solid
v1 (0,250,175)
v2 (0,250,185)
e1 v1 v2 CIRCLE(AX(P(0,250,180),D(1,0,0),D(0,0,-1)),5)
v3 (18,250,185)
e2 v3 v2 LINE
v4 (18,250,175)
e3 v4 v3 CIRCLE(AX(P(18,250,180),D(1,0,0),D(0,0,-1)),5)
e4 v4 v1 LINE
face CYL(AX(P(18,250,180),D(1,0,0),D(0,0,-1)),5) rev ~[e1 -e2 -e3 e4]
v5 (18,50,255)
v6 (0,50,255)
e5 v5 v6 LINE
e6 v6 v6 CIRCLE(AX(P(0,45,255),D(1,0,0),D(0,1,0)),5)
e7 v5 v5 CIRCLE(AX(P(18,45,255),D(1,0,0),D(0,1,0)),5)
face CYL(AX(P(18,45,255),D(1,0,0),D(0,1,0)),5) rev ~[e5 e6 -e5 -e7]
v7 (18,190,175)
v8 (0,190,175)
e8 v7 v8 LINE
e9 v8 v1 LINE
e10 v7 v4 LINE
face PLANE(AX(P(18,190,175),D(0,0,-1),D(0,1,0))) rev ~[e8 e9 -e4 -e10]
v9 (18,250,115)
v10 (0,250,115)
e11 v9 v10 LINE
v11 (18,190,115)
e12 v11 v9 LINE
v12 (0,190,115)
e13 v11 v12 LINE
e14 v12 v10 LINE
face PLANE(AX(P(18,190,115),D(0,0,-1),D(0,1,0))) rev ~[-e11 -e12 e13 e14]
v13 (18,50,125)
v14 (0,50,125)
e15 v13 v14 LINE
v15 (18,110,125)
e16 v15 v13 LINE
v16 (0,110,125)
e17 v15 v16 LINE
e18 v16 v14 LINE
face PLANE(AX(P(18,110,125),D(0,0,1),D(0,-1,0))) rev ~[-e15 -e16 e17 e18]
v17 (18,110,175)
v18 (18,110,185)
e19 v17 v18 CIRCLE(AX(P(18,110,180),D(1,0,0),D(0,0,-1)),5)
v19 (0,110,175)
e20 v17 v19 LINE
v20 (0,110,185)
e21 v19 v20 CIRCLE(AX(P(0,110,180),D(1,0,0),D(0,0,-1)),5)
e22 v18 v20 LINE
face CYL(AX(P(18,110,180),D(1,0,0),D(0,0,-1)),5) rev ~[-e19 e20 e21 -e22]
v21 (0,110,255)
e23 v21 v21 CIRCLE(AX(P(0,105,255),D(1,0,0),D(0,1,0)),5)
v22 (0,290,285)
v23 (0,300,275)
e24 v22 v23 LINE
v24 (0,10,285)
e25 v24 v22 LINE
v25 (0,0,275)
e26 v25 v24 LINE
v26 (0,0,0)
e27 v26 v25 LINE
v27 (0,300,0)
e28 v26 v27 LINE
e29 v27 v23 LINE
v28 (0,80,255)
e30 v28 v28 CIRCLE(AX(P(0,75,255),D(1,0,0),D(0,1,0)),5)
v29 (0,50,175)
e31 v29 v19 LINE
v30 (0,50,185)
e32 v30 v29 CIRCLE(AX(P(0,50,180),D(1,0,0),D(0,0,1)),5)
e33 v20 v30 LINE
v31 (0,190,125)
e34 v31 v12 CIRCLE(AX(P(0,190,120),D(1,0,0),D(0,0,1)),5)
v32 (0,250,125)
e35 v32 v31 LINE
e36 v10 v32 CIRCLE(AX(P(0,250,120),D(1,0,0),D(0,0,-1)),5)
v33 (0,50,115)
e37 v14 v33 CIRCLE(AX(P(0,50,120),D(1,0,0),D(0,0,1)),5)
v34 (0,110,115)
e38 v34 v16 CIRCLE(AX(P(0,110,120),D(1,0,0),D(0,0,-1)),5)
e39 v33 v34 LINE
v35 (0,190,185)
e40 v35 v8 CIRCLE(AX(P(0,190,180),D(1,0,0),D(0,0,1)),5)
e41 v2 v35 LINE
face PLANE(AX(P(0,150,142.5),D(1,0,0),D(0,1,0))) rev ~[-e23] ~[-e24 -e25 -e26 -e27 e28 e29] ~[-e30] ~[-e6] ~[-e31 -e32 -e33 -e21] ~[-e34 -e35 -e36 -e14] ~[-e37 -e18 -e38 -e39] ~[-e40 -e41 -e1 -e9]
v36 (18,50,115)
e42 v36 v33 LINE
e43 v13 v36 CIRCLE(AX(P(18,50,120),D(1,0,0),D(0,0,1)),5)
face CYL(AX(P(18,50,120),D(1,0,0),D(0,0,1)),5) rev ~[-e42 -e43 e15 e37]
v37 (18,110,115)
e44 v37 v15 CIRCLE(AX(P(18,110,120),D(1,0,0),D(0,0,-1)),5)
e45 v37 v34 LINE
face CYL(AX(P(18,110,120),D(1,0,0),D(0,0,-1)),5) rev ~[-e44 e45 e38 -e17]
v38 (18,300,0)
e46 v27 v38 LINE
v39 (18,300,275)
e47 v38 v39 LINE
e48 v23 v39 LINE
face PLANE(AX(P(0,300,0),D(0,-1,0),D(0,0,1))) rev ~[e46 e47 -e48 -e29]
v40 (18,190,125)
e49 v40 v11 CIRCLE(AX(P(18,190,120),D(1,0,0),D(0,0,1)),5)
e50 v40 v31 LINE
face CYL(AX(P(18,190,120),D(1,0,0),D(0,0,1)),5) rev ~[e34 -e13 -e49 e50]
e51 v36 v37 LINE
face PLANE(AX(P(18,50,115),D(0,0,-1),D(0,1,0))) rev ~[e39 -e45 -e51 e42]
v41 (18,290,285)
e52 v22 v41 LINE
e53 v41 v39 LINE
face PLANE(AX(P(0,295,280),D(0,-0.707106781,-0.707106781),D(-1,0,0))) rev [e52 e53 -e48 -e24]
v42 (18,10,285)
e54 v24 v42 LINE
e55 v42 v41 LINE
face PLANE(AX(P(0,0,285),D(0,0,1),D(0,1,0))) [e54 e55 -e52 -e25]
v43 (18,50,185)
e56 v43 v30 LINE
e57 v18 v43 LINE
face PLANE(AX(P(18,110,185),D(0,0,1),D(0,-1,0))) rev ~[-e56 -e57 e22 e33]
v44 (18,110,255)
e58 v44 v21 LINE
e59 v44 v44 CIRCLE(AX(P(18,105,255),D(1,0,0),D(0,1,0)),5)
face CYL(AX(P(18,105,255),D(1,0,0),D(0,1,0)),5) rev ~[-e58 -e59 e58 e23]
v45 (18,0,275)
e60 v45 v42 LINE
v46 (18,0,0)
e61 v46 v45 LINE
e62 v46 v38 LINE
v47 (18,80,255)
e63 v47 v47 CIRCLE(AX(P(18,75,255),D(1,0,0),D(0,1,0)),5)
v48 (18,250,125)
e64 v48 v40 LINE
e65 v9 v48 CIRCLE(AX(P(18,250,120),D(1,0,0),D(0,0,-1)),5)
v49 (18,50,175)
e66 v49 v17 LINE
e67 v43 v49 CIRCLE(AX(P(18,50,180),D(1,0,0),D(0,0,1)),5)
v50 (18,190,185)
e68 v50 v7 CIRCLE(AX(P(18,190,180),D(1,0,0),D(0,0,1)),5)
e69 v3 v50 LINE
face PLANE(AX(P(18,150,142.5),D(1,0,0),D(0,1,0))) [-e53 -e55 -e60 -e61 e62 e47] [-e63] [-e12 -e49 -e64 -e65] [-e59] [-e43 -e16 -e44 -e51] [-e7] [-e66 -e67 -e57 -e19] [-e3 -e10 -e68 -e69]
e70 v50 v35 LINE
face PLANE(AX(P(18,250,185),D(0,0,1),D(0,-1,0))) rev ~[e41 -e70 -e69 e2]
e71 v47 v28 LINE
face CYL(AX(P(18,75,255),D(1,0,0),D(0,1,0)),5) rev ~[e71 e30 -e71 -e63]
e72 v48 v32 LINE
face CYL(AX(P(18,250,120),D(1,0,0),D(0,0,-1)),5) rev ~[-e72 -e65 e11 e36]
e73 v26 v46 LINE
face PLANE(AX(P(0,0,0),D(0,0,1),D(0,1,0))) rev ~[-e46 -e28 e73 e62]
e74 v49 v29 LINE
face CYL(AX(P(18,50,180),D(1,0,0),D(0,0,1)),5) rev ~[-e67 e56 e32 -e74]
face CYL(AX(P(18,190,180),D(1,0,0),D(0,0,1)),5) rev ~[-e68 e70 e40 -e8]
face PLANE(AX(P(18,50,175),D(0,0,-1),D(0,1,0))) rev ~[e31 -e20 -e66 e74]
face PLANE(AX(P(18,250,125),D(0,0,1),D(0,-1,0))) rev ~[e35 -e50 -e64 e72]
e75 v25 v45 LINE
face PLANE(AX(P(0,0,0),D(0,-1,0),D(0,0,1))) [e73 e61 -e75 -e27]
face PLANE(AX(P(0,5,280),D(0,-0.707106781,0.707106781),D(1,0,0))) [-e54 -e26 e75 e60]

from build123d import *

# Parameters (mm, degrees)
F0_W     = 300
F0_H     = 285
F1_DEPTH = 18
F2_R     = 5
F3_DEPTH = 18.001
F4_SIZE  = 10


with BuildPart() as f1:
    # F0 (on Right) → F1 (new body)
    with BuildSketch(Plane.YZ):
        with Locations((150, 142.5)):
            Rectangle(F0_W, F0_H)
    extrude(amount=F1_DEPTH)

    # F2 (on face) → F3 (cut, through all)
    with BuildSketch(Plane.YZ.offset(18)):
        with Locations((45, 255)):
            Circle(F2_R)
        with Locations((75, 255)):
            Circle(F2_R)
        with Locations((105, 255)):
            Circle(F2_R)
        with BuildLine():
            Line((80, 125), (50, 125))
            ThreePointArc((50, 125), (45, 120), (50, 115))
            Line((50, 115), (80, 115))
            Line((80, 115), (110, 115))
            ThreePointArc((110, 115), (115, 120), (110, 125))
            Line((110, 125), (80, 125))
        make_face()
        with BuildLine():
            ThreePointArc((50, 185), (45, 180), (50, 175))
            Line((50, 175), (80, 175))
            Line((80, 175), (110, 175))
            ThreePointArc((110, 175), (115, 180), (110, 185))
            Line((110, 185), (80, 185))
            Line((80, 185), (50, 185))
        make_face()
        with BuildLine():
            ThreePointArc((190, 185), (185, 180), (190, 175))
            Line((190, 175), (220, 175))
            Line((220, 175), (250, 175))
            ThreePointArc((250, 175), (255, 180), (250, 185))
            Line((250, 185), (220, 185))
            Line((220, 185), (190, 185))
        make_face()
        with BuildLine():
            ThreePointArc((190, 125), (185, 120), (190, 115))
            Line((190, 115), (220, 115))
            Line((220, 115), (250, 115))
            ThreePointArc((250, 115), (255, 120), (250, 125))
            Line((250, 125), (220, 125))
            Line((220, 125), (190, 125))
        make_face()
    extrude(amount=-F3_DEPTH, mode=Mode.SUBTRACT)

    # F4
    f4_edges = [f1.edges().sort_by_distance(p)[0] for p in [
        (9, 0, 285),
        (9, 300, 285),
    ]]
    chamfer(f4_edges, length=F4_SIZE)


solid = f1.part
